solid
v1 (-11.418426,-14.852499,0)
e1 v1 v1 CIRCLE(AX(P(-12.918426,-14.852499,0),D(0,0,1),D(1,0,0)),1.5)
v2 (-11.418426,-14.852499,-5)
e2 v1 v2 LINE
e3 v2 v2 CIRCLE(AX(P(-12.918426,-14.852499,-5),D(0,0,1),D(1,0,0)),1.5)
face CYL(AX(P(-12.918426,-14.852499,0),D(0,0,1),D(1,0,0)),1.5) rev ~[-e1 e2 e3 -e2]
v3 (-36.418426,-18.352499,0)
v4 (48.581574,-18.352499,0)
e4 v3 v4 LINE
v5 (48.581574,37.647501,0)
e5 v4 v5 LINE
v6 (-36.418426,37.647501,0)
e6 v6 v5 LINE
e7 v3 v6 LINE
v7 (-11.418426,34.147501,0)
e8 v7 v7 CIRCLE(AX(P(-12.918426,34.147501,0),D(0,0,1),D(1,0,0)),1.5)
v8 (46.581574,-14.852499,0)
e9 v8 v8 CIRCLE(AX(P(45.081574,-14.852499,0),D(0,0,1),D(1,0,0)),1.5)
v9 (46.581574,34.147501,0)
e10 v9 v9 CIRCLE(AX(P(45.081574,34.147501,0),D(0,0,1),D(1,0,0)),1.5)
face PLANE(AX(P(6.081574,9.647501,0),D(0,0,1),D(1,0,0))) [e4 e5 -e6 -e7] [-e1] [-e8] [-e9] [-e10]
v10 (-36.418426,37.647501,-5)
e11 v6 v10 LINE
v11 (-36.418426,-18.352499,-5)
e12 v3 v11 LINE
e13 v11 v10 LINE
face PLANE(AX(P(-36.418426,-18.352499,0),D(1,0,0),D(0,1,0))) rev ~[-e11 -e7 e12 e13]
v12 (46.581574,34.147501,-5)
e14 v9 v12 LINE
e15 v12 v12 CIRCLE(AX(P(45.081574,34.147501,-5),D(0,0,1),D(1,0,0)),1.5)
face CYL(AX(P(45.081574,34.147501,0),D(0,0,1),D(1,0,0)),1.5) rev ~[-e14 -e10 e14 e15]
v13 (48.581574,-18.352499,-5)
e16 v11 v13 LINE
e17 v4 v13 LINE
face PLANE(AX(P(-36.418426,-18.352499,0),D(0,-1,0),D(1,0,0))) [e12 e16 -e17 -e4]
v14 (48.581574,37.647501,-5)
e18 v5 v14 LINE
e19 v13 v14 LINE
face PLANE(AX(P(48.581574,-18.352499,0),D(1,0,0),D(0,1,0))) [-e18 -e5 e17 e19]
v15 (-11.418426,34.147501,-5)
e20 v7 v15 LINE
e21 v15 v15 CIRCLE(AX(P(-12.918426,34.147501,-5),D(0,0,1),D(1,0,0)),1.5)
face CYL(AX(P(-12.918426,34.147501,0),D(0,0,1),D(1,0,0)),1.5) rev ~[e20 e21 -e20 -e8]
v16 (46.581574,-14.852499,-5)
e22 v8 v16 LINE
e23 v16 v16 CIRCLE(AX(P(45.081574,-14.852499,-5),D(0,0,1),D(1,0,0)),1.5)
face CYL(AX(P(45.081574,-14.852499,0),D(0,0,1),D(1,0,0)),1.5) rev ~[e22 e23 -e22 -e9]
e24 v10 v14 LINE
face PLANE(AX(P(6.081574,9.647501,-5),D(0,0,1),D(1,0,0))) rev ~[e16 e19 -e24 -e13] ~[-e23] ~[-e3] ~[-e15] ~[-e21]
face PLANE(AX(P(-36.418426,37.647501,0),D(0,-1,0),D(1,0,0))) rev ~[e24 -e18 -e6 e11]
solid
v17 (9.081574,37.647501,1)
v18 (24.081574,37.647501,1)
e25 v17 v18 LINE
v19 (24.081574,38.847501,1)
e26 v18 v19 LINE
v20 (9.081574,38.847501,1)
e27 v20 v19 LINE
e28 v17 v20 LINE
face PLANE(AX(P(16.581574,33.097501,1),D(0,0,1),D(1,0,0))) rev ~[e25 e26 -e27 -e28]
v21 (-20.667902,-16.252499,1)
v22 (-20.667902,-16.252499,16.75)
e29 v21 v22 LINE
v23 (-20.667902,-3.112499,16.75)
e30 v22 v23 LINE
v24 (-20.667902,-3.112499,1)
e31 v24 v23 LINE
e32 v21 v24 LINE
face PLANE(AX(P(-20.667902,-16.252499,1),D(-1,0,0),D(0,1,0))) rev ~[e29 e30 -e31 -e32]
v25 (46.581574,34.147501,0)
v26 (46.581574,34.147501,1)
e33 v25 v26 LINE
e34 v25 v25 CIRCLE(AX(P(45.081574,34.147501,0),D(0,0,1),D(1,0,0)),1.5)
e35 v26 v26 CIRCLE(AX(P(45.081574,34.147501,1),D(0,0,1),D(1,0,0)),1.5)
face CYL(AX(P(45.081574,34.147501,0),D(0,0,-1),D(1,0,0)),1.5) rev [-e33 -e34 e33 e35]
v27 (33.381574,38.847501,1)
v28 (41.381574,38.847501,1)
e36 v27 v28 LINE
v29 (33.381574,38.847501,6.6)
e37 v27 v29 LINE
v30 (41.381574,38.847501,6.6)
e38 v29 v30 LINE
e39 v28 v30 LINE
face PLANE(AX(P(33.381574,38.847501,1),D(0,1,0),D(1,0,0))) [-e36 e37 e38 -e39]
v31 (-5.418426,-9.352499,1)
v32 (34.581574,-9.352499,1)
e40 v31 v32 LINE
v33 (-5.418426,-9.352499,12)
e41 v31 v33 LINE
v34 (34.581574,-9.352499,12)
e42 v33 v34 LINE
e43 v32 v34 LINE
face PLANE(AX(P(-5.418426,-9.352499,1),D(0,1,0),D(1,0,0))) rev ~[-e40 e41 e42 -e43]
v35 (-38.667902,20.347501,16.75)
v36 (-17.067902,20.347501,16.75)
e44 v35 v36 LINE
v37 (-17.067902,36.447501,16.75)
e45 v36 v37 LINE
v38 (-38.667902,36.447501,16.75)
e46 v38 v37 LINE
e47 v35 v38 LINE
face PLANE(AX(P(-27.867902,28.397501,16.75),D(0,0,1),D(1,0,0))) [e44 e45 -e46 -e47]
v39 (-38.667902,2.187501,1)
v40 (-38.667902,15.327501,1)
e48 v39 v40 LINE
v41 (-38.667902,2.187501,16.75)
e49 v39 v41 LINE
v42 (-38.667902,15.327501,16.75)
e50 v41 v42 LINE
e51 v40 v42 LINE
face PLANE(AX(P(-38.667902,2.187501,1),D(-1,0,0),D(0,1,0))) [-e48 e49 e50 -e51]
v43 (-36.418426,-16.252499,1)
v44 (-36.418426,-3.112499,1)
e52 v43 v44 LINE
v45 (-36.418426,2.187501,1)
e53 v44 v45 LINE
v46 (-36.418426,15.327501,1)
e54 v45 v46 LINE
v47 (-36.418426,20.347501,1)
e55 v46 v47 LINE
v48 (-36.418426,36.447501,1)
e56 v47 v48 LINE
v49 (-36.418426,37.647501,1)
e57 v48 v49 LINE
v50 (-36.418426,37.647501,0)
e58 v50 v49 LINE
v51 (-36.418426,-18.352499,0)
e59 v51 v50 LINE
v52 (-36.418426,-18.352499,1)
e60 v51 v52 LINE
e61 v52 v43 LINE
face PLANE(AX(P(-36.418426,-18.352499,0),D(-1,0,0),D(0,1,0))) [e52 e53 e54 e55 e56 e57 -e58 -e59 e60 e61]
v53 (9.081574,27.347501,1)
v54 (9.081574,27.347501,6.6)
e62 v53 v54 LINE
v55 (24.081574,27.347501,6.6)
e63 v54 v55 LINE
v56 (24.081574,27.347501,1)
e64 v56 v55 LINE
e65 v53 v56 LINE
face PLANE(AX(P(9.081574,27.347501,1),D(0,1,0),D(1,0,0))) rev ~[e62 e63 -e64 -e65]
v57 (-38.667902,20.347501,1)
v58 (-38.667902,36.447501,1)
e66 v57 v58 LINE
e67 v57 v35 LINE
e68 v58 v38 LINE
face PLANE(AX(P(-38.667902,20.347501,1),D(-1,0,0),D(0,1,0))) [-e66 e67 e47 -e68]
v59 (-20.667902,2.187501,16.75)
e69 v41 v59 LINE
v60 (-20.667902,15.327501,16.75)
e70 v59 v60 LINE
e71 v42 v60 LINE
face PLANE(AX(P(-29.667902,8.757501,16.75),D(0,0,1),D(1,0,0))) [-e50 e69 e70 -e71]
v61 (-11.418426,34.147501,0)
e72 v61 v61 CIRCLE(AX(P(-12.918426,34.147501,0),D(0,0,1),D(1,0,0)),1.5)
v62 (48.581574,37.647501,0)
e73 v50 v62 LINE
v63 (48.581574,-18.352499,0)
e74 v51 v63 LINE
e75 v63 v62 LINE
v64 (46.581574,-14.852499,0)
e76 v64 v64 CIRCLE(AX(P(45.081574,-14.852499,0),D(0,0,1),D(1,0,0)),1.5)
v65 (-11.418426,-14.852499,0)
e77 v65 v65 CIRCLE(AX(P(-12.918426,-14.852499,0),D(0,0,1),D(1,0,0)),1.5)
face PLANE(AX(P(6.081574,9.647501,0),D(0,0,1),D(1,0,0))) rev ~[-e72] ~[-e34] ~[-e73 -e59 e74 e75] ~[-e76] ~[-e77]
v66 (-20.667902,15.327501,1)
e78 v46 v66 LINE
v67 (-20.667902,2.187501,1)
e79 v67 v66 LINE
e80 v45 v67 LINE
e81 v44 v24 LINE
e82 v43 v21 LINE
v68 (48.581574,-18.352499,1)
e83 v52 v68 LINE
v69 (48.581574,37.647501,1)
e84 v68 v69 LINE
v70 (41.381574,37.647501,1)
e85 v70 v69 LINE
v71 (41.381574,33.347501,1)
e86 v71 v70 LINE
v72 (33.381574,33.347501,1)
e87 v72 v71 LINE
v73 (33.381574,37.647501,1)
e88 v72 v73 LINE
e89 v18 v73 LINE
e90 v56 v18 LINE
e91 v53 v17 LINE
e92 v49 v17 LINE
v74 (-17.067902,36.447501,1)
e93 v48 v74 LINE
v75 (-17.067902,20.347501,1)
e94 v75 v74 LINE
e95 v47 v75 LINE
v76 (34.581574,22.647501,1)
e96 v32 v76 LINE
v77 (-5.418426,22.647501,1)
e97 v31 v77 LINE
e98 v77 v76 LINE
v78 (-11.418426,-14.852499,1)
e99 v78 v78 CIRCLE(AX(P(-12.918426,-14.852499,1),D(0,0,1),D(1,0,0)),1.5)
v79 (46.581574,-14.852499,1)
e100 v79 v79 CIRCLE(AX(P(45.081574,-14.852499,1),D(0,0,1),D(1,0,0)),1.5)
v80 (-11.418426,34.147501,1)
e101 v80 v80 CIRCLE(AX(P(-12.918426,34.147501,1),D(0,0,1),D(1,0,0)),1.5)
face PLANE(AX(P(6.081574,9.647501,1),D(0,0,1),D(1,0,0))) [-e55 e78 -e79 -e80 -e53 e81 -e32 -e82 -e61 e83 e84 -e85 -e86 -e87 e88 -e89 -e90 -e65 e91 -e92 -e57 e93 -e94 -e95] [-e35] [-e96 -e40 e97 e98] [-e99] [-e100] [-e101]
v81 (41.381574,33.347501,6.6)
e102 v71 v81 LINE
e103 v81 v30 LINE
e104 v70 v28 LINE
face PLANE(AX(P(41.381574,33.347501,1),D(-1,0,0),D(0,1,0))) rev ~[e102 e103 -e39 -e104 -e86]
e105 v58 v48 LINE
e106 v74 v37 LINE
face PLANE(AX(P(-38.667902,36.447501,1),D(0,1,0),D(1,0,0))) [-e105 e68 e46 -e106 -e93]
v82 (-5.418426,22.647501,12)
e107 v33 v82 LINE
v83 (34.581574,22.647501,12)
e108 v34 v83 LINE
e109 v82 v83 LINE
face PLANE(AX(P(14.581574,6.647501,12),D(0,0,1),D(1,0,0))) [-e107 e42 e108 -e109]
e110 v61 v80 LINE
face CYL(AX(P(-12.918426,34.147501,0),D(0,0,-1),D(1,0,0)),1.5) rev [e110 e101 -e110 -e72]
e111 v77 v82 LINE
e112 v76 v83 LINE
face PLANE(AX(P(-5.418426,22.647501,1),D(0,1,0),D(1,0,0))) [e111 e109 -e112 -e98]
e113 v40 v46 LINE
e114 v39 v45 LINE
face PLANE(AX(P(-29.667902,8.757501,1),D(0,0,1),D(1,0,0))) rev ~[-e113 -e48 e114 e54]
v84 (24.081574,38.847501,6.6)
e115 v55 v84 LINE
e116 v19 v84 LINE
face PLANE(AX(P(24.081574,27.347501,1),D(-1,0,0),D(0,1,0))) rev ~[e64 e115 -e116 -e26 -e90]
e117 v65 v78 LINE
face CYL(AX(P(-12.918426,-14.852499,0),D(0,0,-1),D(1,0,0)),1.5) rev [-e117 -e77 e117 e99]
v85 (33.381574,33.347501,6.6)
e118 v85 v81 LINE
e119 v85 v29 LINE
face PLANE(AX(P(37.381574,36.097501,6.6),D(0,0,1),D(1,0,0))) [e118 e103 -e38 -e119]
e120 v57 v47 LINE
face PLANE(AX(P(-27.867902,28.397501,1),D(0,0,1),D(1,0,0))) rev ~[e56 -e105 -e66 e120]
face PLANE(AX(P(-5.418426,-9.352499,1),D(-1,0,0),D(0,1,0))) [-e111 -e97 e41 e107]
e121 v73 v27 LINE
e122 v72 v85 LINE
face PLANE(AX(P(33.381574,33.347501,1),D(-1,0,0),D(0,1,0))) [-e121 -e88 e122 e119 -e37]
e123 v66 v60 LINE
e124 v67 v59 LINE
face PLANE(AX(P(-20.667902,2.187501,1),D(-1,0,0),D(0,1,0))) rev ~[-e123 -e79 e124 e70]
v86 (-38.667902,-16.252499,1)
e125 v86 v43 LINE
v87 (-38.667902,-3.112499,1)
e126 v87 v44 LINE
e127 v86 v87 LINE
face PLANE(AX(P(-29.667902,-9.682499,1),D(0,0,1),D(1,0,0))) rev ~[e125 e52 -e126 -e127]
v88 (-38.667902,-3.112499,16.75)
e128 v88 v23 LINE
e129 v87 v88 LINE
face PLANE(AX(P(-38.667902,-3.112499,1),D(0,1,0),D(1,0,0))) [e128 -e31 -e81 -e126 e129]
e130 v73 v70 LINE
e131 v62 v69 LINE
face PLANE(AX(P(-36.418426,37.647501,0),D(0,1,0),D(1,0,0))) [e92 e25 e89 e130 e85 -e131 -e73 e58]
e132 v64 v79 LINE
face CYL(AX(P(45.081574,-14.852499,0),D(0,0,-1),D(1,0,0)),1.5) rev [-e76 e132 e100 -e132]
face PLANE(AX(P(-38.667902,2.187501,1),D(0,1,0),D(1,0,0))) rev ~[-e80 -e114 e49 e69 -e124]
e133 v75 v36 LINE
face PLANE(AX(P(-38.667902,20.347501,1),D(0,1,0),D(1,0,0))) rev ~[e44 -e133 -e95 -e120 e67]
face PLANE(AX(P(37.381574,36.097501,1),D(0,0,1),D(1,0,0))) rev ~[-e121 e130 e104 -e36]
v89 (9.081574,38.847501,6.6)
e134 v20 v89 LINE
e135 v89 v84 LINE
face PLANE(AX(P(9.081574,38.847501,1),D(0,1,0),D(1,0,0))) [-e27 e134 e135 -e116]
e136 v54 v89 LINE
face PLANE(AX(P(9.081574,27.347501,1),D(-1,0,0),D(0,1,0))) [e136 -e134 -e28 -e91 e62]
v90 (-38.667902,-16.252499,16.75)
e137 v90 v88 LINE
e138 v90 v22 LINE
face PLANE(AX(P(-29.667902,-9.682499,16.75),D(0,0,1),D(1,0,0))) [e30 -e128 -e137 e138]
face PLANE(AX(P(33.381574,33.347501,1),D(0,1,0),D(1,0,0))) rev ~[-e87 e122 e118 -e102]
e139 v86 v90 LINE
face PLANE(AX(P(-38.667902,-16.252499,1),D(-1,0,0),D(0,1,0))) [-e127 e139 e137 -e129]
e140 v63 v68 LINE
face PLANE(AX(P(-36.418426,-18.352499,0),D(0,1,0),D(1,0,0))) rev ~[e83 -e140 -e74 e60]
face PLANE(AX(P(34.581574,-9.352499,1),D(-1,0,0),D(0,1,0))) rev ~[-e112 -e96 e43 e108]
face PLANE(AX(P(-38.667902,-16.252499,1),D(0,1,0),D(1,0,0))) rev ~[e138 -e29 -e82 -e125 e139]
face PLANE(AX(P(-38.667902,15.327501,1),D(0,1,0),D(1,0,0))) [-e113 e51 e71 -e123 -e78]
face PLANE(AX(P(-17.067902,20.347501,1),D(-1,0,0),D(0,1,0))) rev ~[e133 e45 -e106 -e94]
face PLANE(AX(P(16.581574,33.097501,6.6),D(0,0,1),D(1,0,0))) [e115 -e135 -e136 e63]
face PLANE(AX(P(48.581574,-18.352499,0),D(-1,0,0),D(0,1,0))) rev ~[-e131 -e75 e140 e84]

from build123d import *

# Parameters (mm, degrees)
SKETCH1_W           = 85
SKETCH1_H           = 56
SKETCH1_R           = 1.5
BOSS_EXTRUDE1_DEPTH = 1
SKETCH1_2_W         = 85
SKETCH1_2_H         = 56
SKETCH1_2_R         = 1.5
BOSS_EXTRUDE2_DEPTH = 5
SKETCH3_W           = 40
SKETCH3_H           = 32
BOSS_EXTRUDE3_DEPTH = 11
SKETCH4_W           = 18
SKETCH4_H           = 13.14
SKETCH4_W_2         = 21.6
SKETCH4_H_2         = 16.1
BOSS_EXTRUDE4_DEPTH = 15.75
SKETCH5_W           = 15
SKETCH5_H           = 11.5
SKETCH5_W_2         = 8
SKETCH5_H_2         = 5.5
BOSS_EXTRUDE5_DEPTH = 5.6


with BuildPart() as part:
    # Sketch1 → Boss-Extrude1 (new body)
    with BuildSketch(Plane.XY):
        with Locations((6.081574074, 9.647501164)):
            Rectangle(SKETCH1_W, SKETCH1_H)
        with Locations((-12.918426004, 34.147501164)):
            Circle(SKETCH1_R, mode=Mode.SUBTRACT)
        with Locations((-12.918426004, -14.852498836)):
            Circle(SKETCH1_R, mode=Mode.SUBTRACT)
        with Locations((45.081574074, 34.147501164)):
            Circle(SKETCH1_R, mode=Mode.SUBTRACT)
        with Locations((45.081574074, -14.852498836)):
            Circle(SKETCH1_R, mode=Mode.SUBTRACT)
    extrude(amount=BOSS_EXTRUDE1_DEPTH)

    # Sketch3 → Boss-Extrude3 (add)
    with BuildSketch(Plane.XY.offset(1)):
        with Locations((14.581574074, 6.647501164)):
            Rectangle(SKETCH3_W, SKETCH3_H)
    extrude(amount=BOSS_EXTRUDE3_DEPTH)

    # Sketch4 → Boss-Extrude4 (add)
    with BuildSketch(Plane.XY.offset(1)):
        with Locations((-29.667902016, 8.757501164)):
            Rectangle(SKETCH4_W, SKETCH4_H)
        with Locations((-29.667902016, -9.682498836)):
            Rectangle(SKETCH4_W, SKETCH4_H)
        with Locations((-27.867902016, 28.397501164)):
            Rectangle(SKETCH4_W_2, SKETCH4_H_2)
    extrude(amount=BOSS_EXTRUDE4_DEPTH)

    # Sketch5 → Boss-Extrude5 (add)
    with BuildSketch(Plane.XY.offset(1)):
        with Locations((16.581574074, 33.097501164)):
            Rectangle(SKETCH5_W, SKETCH5_H)
        with Locations((37.381574074, 36.097501164)):
            Rectangle(SKETCH5_W_2, SKETCH5_H_2)
    extrude(amount=BOSS_EXTRUDE5_DEPTH)


with BuildPart() as body_2:
    # Sketch1<2> → Boss-Extrude2 (new body)
    with BuildSketch(Plane.XY):
        with Locations((6.081574074, 9.647501164)):
            Rectangle(SKETCH1_2_W, SKETCH1_2_H)
        with Locations((-12.918426004, 34.147501164)):
            Circle(SKETCH1_2_R, mode=Mode.SUBTRACT)
        with Locations((-12.918426004, -14.852498836)):
            Circle(SKETCH1_2_R, mode=Mode.SUBTRACT)
        with Locations((45.081574074, 34.147501164)):
            Circle(SKETCH1_2_R, mode=Mode.SUBTRACT)
        with Locations((45.081574074, -14.852498836)):
            Circle(SKETCH1_2_R, mode=Mode.SUBTRACT)
    extrude(amount=-BOSS_EXTRUDE2_DEPTH)


solid = Compound([part.part, body_2.part])
